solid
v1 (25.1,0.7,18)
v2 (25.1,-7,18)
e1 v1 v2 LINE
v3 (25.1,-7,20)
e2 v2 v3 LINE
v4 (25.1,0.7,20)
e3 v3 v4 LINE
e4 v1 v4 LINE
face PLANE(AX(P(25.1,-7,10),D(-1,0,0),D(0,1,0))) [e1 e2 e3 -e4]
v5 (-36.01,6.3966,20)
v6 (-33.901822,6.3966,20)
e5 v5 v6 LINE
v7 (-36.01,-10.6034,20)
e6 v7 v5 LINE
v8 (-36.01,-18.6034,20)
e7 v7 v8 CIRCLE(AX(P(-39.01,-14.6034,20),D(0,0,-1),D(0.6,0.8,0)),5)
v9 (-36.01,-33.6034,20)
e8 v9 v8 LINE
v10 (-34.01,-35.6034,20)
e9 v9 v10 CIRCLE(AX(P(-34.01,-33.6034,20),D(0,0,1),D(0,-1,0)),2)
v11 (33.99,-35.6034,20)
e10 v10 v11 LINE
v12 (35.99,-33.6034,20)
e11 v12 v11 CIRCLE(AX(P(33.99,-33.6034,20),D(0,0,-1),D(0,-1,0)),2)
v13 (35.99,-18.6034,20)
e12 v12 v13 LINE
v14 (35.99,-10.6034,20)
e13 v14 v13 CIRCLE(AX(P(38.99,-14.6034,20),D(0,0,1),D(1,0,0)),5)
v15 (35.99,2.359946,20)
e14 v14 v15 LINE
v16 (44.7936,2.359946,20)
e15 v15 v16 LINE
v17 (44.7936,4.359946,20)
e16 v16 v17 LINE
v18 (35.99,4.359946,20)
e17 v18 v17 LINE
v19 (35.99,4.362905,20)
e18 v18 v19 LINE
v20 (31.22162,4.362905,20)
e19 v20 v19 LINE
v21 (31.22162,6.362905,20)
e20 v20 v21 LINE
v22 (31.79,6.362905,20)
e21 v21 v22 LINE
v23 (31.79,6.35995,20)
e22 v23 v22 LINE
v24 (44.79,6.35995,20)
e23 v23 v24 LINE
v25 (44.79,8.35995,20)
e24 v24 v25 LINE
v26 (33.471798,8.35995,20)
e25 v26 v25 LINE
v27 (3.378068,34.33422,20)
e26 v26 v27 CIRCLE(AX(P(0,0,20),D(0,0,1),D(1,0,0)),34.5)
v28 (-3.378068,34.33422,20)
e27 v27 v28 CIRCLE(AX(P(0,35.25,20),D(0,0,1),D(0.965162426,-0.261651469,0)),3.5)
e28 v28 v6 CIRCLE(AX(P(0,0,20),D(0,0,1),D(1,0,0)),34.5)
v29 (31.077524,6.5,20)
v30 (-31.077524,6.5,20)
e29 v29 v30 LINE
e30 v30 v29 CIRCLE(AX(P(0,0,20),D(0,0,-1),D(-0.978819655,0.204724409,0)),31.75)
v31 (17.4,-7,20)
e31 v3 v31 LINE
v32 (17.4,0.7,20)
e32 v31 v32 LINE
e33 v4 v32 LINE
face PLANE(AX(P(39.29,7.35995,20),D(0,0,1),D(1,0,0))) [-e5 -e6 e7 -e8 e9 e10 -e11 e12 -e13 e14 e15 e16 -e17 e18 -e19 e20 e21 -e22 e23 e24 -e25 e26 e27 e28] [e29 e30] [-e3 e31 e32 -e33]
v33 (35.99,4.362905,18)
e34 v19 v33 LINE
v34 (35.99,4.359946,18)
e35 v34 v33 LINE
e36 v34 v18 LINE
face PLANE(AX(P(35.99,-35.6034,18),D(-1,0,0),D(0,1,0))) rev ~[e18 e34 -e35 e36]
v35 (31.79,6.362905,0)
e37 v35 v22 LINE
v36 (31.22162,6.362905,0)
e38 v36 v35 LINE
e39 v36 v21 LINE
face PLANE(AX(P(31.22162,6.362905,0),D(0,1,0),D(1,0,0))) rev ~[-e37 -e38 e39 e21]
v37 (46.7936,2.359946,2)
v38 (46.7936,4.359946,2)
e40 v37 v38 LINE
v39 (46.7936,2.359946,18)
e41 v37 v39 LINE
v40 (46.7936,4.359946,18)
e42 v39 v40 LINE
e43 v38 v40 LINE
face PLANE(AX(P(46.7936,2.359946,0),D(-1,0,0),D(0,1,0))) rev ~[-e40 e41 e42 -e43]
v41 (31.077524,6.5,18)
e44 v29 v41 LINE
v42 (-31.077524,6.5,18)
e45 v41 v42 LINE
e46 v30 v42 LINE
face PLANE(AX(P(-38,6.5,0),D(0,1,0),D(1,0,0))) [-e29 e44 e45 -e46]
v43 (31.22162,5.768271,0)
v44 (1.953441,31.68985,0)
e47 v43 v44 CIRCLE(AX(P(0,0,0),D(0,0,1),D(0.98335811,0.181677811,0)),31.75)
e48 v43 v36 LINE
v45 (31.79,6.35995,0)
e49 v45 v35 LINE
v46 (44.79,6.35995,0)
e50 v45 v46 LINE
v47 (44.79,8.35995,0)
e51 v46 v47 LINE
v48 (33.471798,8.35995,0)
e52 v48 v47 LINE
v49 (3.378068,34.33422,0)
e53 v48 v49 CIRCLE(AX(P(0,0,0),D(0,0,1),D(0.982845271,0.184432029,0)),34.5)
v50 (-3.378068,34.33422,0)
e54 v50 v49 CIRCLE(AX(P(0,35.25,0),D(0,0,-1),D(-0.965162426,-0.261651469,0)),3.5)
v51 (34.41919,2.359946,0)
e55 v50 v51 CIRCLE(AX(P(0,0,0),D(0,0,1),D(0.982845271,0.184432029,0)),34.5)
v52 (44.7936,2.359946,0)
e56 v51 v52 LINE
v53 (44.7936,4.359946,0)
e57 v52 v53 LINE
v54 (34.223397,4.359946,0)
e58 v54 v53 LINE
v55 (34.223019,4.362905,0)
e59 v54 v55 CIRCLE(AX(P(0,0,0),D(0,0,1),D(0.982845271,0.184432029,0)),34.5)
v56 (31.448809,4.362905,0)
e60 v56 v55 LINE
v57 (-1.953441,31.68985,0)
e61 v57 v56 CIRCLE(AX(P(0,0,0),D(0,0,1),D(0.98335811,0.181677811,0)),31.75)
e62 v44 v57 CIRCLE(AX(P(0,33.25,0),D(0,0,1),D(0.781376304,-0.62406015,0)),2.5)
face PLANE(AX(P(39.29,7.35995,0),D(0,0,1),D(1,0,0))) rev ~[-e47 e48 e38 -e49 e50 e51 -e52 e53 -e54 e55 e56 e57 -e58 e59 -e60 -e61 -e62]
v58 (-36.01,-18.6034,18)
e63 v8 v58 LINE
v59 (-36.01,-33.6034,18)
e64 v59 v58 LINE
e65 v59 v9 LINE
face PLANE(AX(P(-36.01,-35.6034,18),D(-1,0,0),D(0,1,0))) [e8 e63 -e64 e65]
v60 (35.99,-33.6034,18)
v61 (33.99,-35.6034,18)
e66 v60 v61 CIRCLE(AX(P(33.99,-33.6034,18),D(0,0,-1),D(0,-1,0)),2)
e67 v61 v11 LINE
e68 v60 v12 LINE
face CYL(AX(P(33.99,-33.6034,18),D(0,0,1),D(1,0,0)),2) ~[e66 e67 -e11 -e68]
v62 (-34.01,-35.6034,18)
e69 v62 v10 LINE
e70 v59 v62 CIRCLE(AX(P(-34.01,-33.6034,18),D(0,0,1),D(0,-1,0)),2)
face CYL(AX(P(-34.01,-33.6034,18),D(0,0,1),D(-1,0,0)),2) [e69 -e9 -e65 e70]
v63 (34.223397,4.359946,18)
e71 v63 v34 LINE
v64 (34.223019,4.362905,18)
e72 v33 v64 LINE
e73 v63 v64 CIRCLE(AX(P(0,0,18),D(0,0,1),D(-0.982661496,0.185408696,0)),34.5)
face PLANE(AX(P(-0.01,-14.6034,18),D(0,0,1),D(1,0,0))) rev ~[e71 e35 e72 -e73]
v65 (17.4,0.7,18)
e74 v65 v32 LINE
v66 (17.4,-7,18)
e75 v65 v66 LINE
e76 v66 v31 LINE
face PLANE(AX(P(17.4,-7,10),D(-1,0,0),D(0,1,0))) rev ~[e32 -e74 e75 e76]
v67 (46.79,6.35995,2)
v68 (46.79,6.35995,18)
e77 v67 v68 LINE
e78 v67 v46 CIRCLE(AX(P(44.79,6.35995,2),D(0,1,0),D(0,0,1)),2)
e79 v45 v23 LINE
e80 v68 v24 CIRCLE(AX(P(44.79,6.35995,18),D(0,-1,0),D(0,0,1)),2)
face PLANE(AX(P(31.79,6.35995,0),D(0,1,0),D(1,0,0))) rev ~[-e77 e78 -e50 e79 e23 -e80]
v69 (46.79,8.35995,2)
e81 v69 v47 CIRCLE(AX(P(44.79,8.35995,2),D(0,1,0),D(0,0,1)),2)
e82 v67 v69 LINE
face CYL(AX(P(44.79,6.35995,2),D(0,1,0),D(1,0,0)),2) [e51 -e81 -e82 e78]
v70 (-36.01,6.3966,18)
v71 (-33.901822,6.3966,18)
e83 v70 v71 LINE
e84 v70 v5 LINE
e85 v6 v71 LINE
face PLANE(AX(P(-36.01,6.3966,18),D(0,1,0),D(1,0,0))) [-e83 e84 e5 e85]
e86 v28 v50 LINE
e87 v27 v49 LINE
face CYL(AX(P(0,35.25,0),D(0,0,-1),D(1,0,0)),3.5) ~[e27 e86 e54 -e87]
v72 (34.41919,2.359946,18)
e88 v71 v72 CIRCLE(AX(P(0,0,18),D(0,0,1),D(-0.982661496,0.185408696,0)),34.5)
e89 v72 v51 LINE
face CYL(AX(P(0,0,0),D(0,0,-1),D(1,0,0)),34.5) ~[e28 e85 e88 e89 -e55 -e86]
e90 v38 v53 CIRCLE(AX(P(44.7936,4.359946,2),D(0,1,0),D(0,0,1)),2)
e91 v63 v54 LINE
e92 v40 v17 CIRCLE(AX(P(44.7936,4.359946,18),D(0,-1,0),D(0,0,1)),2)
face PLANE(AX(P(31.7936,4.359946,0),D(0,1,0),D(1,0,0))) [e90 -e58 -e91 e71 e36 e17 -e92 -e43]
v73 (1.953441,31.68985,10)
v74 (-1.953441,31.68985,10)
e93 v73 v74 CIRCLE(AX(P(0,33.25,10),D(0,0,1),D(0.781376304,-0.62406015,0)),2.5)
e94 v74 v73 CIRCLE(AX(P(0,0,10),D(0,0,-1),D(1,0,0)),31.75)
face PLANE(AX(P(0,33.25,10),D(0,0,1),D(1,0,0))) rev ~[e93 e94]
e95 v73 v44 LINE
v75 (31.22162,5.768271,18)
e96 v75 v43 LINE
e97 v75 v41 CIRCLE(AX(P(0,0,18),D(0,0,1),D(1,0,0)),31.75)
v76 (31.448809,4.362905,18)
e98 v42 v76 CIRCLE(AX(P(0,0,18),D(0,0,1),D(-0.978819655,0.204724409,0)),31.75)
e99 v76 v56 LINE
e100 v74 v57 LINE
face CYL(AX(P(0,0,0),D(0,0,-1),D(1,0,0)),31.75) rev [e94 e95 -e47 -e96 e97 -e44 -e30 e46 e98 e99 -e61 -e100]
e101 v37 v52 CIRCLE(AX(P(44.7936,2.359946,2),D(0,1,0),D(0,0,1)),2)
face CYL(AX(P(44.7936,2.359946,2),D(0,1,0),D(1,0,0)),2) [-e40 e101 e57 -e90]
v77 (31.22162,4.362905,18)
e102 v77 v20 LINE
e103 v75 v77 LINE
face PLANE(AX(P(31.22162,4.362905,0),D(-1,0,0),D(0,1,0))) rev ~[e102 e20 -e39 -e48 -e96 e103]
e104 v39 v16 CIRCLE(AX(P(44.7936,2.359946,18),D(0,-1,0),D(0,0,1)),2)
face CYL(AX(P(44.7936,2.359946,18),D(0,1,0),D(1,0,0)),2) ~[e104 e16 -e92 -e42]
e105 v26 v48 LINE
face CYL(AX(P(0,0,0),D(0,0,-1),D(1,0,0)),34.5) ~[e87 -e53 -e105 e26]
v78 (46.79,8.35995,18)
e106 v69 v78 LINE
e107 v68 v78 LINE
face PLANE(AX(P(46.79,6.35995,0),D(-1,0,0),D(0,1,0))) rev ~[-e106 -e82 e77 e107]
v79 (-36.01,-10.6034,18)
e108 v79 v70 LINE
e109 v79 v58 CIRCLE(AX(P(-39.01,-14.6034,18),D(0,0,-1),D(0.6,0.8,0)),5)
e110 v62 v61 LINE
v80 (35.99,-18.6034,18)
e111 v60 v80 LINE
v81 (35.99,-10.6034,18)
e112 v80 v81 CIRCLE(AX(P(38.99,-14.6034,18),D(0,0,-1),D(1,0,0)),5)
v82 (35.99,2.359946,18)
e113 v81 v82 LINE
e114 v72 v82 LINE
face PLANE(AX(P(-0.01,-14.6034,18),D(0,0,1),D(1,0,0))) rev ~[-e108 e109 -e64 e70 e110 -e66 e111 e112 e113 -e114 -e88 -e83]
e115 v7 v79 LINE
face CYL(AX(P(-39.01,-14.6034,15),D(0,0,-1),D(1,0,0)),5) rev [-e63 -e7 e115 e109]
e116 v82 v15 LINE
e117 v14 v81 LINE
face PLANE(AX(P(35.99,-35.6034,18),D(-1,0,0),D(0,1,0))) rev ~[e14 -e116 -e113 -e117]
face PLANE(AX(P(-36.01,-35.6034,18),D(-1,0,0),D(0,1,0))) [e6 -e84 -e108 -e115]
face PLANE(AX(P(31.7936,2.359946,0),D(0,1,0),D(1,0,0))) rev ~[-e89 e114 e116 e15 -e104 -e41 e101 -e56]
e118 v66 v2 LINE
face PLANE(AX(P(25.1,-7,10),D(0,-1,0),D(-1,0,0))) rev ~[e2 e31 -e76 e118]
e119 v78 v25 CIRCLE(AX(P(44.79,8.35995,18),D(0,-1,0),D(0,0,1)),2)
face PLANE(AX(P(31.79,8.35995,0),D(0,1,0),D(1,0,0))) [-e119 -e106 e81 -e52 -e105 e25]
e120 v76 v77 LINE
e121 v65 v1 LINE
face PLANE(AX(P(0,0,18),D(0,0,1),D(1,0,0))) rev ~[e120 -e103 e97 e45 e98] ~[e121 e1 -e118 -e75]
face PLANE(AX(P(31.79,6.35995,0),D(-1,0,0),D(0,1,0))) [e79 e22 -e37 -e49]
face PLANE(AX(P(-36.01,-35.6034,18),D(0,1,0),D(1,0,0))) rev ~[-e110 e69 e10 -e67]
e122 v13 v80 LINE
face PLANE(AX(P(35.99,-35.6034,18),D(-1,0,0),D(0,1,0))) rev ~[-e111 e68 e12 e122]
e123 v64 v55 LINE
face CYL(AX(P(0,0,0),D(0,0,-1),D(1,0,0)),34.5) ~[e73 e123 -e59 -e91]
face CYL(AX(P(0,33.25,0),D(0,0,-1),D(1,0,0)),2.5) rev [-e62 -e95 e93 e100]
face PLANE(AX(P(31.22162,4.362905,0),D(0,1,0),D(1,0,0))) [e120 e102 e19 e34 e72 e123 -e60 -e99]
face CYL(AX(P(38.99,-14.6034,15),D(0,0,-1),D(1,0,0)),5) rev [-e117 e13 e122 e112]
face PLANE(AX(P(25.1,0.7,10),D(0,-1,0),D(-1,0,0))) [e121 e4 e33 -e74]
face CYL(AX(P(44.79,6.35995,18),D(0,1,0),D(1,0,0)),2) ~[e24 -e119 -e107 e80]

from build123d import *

# Parameters (mm, degrees)
CYLINDER027_R     = 2.5
CYLINDER027_DEPTH = 10
CYLINDER020_R     = 5
CYLINDER020_DEPTH = 5
CYLINDER019_R     = 5
CYLINDER019_DEPTH = 5
BOX005_W          = 15
BOX005_H          = 2
BOX005_DEPTH      = 20
FILLET002_R       = 2
BOX002_W          = 10
BOX002_H          = 2
BOX002_DEPTH      = 20
BOX_W             = 80
BOX_H             = 39
BOX_DEPTH         = 25
CYLINDER002_R     = 31.75
CYLINDER002_DEPTH = 25
BOX001_W          = 7.7
BOX001_H          = 7.7
BOX001_DEPTH      = 10
BOX007_W          = 72
BOX007_H          = 42
BOX007_DEPTH      = 2
CYLINDER_R        = 31.75
CYLINDER_DEPTH    = 18
CYLINDER001_R     = 34.5
CYLINDER001_DEPTH = 20
FILLET001_R       = 2
BOX006_W          = 15
BOX006_H          = 2
BOX006_DEPTH      = 20
FILLET003_R       = 2
CYLINDER026_R     = 3.5
CYLINDER026_DEPTH = 20


with BuildPart() as cylinder027:
    # Cylinder027 → Cylinder027 (new body)
    with BuildSketch(Plane(origin=(0, 33.25, 0), x_dir=(1, 0, 0), z_dir=(0, 0, 1))):
        Circle(CYLINDER027_R)
    extrude(amount=CYLINDER027_DEPTH)


with BuildPart() as cylinder020:
    # Cylinder020 → Cylinder020 (new body)
    with BuildSketch(Plane(origin=(-39.01, -14.6034, 15), x_dir=(1, 0, 0), z_dir=(0, 0, 1))):
        Circle(CYLINDER020_R)
    extrude(amount=CYLINDER020_DEPTH)


with BuildPart() as fusion013:
    # Cylinder019 → Cylinder019 (new body)
    with BuildSketch(Plane(origin=(38.99, -14.6034, 15), x_dir=(1, 0, 0), z_dir=(0, 0, 1))):
        Circle(CYLINDER019_R)
    extrude(amount=CYLINDER019_DEPTH)

    # Fusion013: union Cylinder020
    add(cylinder020.part)


with BuildPart() as fillet002:
    # Box005 → Box005 (new body)
    with BuildSketch(Plane(origin=(31.79, 6.35995, 0), x_dir=(1, 0, 0), z_dir=(0, 0, 1))):
        with Locations((7.5, 1)):
            Rectangle(BOX005_W, BOX005_H)
    extrude(amount=BOX005_DEPTH)

    # Fillet002
    fillet002_edges = [fillet002.edges().sort_by_distance(p)[0] for p in [
        (46.79, 7.35995, 20),
        (46.79, 7.35995, 0),
    ]]
    fillet(fillet002_edges, radius=FILLET002_R)


with BuildPart() as kostka002:
    # Box002 → Box002 (new body)
    with BuildSketch(Plane(origin=(31.22162, 4.362905, 0), x_dir=(1, 0, 0), z_dir=(0, 0, 1))):
        with Locations((5, 1)):
            Rectangle(BOX002_W, BOX002_H)
    extrude(amount=BOX002_DEPTH)


with BuildPart() as kostka:
    # Box → Box (new body)
    with BuildSketch(Plane(origin=(-38, -32.5, 0), x_dir=(1, 0, 0), z_dir=(0, 0, 1))):
        with Locations((40, 19.5)):
            Rectangle(BOX_W, BOX_H)
    extrude(amount=BOX_DEPTH)


with BuildPart() as cut001:
    # Cylinder002 → Cylinder002 (new body)
    with BuildSketch(Plane.XY):
        Circle(CYLINDER002_R)
    extrude(amount=CYLINDER002_DEPTH)

    # Cut001: cut Kostka
    add(kostka.part, mode=Mode.SUBTRACT)


with BuildPart() as kostka001:
    # Box001 → Box001 (new body)
    with BuildSketch(Plane(origin=(25.1, -7, 10), x_dir=(0, 1, 0), z_dir=(0, 0, 1))):
        with Locations((3.85, 3.85)):
            Rectangle(BOX001_W, BOX001_H)
    extrude(amount=BOX001_DEPTH)


with BuildPart() as kostka007:
    # Box007 → Box007 (new body)
    with BuildSketch(Plane(origin=(-36.01, -35.6034, 18), x_dir=(1, 0, 0), z_dir=(0, 0, 1))):
        with Locations((36, 21)):
            Rectangle(BOX007_W, BOX007_H)
    extrude(amount=BOX007_DEPTH)


with BuildPart() as cylinder:
    # Cylinder → Cylinder (new body)
    with BuildSketch(Plane.XY):
        Circle(CYLINDER_R)
    extrude(amount=CYLINDER_DEPTH)


with BuildPart() as fusion001:
    # Cylinder001 → Cylinder001 (new body)
    with BuildSketch(Plane.XY):
        Circle(CYLINDER001_R)
    extrude(amount=CYLINDER001_DEPTH)

    # Cut: cut Cylinder
    add(cylinder.part, mode=Mode.SUBTRACT)

    # Fusion: union Kostka007
    add(kostka007.part)

    # Cut002: cut Kostka001
    add(kostka001.part, mode=Mode.SUBTRACT)

    # Cut003: cut Cut001
    add(cut001.part, mode=Mode.SUBTRACT)

    # Cut004: cut Kostka002
    add(kostka002.part, mode=Mode.SUBTRACT)

    # Fillet001
    fillet001_edges = [fusion001.edges().sort_by_distance(p)[0] for p in [
        (-36.01, -35.6034, 19),
        (35.99, -35.6034, 19),
    ]]
    fillet(fillet001_edges, radius=FILLET001_R)

    # Fusion001: union Fillet002
    add(fillet002.part)


with BuildPart() as cut015:
    # Box006 → Box006 (new body)
    with BuildSketch(Plane(origin=(31.7936, 2.359946, 0), x_dir=(1, 0, 0), z_dir=(0, 0, 1))):
        with Locations((7.5, 1)):
            Rectangle(BOX006_W, BOX006_H)
    extrude(amount=BOX006_DEPTH)

    # Fillet003
    fillet003_edges = [cut015.edges().sort_by_distance(p)[0] for p in [
        (46.7936, 3.359946, 20),
        (46.7936, 3.359946, 0),
    ]]
    fillet(fillet003_edges, radius=FILLET003_R)

    # Fusion002: union Fusion001
    add(fusion001.part)

    # Cut015: cut Fusion013
    add(fusion013.part, mode=Mode.SUBTRACT)


with BuildPart() as base:
    # Cylinder026 → Cylinder026 (new body)
    with BuildSketch(Plane(origin=(0, 35.25, 0), x_dir=(1, 0, 0), z_dir=(0, 0, 1))):
        Circle(CYLINDER026_R)
    extrude(amount=CYLINDER026_DEPTH)

    # Fusion019: union Cut015
    add(cut015.part)

    # Cut023: cut Cylinder027
    add(cylinder027.part, mode=Mode.SUBTRACT)


solid = base.part
